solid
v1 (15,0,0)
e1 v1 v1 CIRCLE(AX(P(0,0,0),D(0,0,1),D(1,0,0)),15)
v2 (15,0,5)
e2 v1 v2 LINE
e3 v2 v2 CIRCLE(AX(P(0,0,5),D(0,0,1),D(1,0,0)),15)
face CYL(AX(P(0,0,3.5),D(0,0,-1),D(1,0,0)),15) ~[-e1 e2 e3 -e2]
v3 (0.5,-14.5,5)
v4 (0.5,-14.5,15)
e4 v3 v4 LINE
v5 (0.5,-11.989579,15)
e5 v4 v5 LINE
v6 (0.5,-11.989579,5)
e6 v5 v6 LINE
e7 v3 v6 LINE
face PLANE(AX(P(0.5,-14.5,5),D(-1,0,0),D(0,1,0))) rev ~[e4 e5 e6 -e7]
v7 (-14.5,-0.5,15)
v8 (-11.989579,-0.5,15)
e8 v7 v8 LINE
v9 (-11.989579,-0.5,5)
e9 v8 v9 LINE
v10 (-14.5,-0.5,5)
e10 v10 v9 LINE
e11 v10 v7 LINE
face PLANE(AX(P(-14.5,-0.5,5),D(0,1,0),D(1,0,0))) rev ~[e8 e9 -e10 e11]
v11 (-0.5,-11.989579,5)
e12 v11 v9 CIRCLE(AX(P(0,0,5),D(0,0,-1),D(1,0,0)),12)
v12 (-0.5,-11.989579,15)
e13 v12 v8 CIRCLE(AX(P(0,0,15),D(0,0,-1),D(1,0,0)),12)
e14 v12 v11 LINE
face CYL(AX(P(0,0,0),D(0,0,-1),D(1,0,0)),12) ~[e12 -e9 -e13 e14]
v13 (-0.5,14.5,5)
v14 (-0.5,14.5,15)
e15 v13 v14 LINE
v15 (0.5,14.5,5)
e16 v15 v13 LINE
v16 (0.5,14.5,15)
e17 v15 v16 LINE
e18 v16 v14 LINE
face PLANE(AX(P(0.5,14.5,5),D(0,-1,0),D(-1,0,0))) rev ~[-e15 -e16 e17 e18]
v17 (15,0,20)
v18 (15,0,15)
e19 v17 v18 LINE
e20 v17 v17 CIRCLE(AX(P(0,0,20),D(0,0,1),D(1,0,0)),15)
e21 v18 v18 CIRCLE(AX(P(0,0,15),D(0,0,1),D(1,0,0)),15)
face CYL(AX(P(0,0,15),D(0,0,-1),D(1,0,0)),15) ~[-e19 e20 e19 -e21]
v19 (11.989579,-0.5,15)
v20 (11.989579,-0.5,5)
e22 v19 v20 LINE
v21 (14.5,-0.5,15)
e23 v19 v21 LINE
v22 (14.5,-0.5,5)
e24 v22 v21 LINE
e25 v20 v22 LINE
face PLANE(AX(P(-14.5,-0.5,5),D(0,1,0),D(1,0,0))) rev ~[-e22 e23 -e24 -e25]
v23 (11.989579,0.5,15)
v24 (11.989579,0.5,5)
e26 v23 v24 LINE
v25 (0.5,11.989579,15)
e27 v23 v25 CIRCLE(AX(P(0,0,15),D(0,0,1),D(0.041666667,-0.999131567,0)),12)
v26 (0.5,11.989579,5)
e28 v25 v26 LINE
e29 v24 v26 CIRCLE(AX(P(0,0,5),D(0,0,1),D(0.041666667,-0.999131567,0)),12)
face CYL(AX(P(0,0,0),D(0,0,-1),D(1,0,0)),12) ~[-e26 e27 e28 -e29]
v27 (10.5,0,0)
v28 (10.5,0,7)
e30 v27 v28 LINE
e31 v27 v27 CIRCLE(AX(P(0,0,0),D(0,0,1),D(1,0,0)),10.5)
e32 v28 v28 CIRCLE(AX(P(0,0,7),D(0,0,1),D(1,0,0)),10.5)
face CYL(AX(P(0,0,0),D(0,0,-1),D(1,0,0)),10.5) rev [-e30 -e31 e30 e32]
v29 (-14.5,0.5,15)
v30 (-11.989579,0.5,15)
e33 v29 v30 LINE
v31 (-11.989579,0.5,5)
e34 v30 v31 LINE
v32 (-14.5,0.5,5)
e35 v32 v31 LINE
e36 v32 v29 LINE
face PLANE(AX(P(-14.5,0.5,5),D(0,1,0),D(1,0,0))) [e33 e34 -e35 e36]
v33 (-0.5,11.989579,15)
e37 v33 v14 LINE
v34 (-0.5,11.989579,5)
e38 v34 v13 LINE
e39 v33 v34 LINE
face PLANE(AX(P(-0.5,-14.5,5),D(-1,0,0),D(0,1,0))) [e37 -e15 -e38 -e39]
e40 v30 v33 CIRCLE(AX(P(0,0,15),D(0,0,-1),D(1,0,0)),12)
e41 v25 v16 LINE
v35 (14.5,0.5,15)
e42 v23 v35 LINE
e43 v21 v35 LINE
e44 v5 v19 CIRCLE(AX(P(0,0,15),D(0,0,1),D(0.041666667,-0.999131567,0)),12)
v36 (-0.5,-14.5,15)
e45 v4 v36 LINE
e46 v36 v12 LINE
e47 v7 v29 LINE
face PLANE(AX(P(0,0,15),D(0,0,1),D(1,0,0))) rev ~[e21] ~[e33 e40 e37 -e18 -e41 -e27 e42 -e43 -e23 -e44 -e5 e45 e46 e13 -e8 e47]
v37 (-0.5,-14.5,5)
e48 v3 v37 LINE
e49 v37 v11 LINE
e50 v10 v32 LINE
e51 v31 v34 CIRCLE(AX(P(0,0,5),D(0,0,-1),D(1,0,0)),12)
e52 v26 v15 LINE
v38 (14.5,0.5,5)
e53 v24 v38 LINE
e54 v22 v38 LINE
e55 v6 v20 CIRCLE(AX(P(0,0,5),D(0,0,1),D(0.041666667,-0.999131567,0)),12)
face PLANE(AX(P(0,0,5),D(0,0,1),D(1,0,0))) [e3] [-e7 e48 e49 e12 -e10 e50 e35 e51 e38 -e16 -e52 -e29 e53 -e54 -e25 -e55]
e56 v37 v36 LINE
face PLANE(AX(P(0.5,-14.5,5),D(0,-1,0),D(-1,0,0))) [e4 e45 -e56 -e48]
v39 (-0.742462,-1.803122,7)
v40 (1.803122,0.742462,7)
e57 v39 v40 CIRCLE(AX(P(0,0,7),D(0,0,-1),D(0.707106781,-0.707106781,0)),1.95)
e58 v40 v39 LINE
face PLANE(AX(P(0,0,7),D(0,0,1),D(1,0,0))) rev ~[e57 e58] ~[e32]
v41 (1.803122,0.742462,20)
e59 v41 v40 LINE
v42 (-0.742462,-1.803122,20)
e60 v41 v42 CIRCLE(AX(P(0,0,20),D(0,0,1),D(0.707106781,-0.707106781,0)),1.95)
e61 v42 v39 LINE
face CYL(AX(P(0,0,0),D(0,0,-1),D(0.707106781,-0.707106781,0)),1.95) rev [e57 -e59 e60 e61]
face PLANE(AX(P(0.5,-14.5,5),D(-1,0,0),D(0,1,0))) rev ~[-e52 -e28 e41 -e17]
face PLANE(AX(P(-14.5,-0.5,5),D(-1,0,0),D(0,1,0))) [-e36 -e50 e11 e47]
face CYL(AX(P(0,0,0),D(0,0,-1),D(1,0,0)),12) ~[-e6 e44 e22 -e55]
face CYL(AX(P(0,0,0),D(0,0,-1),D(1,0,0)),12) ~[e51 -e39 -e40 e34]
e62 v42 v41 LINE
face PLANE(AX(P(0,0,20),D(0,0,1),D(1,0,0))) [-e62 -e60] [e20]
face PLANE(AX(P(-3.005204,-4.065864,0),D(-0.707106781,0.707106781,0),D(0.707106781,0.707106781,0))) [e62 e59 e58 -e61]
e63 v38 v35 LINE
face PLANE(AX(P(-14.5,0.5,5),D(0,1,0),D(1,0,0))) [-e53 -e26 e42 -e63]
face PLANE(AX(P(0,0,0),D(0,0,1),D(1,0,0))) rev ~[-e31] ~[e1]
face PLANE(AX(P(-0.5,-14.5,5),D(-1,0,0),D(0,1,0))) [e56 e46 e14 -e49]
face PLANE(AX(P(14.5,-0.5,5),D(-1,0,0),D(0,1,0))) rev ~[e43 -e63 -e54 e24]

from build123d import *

# Parameters (mm, degrees)
BOX006_W                    = 10
BOX006_H                    = 10
BOX006_DEPTH                = 20
CYLINDER016_R               = 1.95
CYLINDER016_DEPTH           = 20
CUT001_PLACEMENT_ANGLE      = 315
CYLINDER015_R               = 10.5
CYLINDER015_DEPTH           = 7
CYLINDER010_R               = 12
CYLINDER010_DEPTH           = 20
CYLINDER011_R               = 15
CYLINDER011_DEPTH           = 3.5
CYLINDER012_R               = 15
CYLINDER012_DEPTH           = 1.5
CYLINDER013_R               = 15
CYLINDER013_DEPTH           = 1.5
CYLINDER014_R               = 15
CYLINDER014_DEPTH           = 3.5
BOX004_W                    = 29
BOX004_H                    = 1
BOX004_DEPTH                = 10
BOX005_W                    = 29
BOX005_H                    = 1
BOX005_DEPTH                = 10
COMPOUND002_PLACEMENT_ANGLE = 90


with BuildPart() as cube006:
    # Box006 → Box006 (new body)
    with BuildSketch(Plane(origin=(0.75, -5, 0), x_dir=(1, 0, 0), z_dir=(0, 0, 1))):
        with Locations((5, 5)):
            Rectangle(BOX006_W, BOX006_H)
    extrude(amount=BOX006_DEPTH)


with BuildPart() as n20motorshaft:
    # Cylinder016 → Cylinder016 (new body)
    with BuildSketch(Plane.XY):
        Circle(CYLINDER016_R)
    extrude(amount=CYLINDER016_DEPTH)

    # Cut001: cut Cube006
    add(cube006.part, mode=Mode.SUBTRACT)


with BuildPart() as n20motorshaft_1:
    # Cut001 placement: moved
    add(n20motorshaft.part.rotate(Axis((0, 0, 0), (0, 0, 1)), CUT001_PLACEMENT_ANGLE))


with BuildPart() as cylinder015:
    # Cylinder015 → Cylinder015 (new body)
    with BuildSketch(Plane.XY):
        Circle(CYLINDER015_R)
    extrude(amount=CYLINDER015_DEPTH)


with BuildPart() as cylinder010:
    # Cylinder010 → Cylinder010 (new body)
    with BuildSketch(Plane.XY):
        Circle(CYLINDER010_R)
    extrude(amount=CYLINDER010_DEPTH)


with BuildPart() as cylinder011:
    # Cylinder011 → Cylinder011 (new body)
    with BuildSketch(Plane.XY):
        Circle(CYLINDER011_R)
    extrude(amount=CYLINDER011_DEPTH)


with BuildPart() as cylinder012:
    # Cylinder012 → Cylinder012 (new body)
    with BuildSketch(Plane.XY.offset(3.5)):
        Circle(CYLINDER012_R)
    extrude(amount=CYLINDER012_DEPTH)


with BuildPart() as cylinder013:
    # Cylinder013 → Cylinder013 (new body)
    with BuildSketch(Plane.XY.offset(18.5)):
        Circle(CYLINDER013_R)
    extrude(amount=CYLINDER013_DEPTH)


with BuildPart() as cylinder014:
    # Cylinder014 → Cylinder014 (new body)
    with BuildSketch(Plane.XY.offset(15)):
        Circle(CYLINDER014_R)
    extrude(amount=CYLINDER014_DEPTH)


with BuildPart() as cube004:
    # Box004 → Box004 (new body)
    with BuildSketch(Plane(origin=(-14.5, -0.5, 5), x_dir=(1, 0, 0), z_dir=(0, 0, 1))):
        with Locations((14.5, 0.5)):
            Rectangle(BOX004_W, BOX004_H)
    extrude(amount=BOX004_DEPTH)


with BuildPart() as pressfitn20:
    # Box005 → Box005 (new body)
    with BuildSketch(Plane(origin=(-14.5, -0.5, 5), x_dir=(1, 0, 0), z_dir=(0, 0, 1))):
        with Locations((14.5, 0.5)):
            Rectangle(BOX005_W, BOX005_H)
    extrude(amount=BOX005_DEPTH)


with BuildPart() as pressfitn20_1:
    # Compound002 placement: moved
    add(pressfitn20.part.rotate(Axis((0, 0, 0), (0, 0, 1)), COMPOUND002_PLACEMENT_ANGLE))

    # Fusion002: union Cylinder010, Cylinder011, Cylinder012, Cylinder013, Cylinder014, Cube004
    add(cylinder010.part)
    add(cylinder011.part)
    add(cylinder012.part)
    add(cylinder013.part)
    add(cylinder014.part)
    add(cube004.part)

    # Cut: cut Cylinder015
    add(cylinder015.part, mode=Mode.SUBTRACT)

    # Cut002: cut N20MotorShaft
    add(n20motorshaft_1.part, mode=Mode.SUBTRACT)


solid = pressfitn20_1.part
